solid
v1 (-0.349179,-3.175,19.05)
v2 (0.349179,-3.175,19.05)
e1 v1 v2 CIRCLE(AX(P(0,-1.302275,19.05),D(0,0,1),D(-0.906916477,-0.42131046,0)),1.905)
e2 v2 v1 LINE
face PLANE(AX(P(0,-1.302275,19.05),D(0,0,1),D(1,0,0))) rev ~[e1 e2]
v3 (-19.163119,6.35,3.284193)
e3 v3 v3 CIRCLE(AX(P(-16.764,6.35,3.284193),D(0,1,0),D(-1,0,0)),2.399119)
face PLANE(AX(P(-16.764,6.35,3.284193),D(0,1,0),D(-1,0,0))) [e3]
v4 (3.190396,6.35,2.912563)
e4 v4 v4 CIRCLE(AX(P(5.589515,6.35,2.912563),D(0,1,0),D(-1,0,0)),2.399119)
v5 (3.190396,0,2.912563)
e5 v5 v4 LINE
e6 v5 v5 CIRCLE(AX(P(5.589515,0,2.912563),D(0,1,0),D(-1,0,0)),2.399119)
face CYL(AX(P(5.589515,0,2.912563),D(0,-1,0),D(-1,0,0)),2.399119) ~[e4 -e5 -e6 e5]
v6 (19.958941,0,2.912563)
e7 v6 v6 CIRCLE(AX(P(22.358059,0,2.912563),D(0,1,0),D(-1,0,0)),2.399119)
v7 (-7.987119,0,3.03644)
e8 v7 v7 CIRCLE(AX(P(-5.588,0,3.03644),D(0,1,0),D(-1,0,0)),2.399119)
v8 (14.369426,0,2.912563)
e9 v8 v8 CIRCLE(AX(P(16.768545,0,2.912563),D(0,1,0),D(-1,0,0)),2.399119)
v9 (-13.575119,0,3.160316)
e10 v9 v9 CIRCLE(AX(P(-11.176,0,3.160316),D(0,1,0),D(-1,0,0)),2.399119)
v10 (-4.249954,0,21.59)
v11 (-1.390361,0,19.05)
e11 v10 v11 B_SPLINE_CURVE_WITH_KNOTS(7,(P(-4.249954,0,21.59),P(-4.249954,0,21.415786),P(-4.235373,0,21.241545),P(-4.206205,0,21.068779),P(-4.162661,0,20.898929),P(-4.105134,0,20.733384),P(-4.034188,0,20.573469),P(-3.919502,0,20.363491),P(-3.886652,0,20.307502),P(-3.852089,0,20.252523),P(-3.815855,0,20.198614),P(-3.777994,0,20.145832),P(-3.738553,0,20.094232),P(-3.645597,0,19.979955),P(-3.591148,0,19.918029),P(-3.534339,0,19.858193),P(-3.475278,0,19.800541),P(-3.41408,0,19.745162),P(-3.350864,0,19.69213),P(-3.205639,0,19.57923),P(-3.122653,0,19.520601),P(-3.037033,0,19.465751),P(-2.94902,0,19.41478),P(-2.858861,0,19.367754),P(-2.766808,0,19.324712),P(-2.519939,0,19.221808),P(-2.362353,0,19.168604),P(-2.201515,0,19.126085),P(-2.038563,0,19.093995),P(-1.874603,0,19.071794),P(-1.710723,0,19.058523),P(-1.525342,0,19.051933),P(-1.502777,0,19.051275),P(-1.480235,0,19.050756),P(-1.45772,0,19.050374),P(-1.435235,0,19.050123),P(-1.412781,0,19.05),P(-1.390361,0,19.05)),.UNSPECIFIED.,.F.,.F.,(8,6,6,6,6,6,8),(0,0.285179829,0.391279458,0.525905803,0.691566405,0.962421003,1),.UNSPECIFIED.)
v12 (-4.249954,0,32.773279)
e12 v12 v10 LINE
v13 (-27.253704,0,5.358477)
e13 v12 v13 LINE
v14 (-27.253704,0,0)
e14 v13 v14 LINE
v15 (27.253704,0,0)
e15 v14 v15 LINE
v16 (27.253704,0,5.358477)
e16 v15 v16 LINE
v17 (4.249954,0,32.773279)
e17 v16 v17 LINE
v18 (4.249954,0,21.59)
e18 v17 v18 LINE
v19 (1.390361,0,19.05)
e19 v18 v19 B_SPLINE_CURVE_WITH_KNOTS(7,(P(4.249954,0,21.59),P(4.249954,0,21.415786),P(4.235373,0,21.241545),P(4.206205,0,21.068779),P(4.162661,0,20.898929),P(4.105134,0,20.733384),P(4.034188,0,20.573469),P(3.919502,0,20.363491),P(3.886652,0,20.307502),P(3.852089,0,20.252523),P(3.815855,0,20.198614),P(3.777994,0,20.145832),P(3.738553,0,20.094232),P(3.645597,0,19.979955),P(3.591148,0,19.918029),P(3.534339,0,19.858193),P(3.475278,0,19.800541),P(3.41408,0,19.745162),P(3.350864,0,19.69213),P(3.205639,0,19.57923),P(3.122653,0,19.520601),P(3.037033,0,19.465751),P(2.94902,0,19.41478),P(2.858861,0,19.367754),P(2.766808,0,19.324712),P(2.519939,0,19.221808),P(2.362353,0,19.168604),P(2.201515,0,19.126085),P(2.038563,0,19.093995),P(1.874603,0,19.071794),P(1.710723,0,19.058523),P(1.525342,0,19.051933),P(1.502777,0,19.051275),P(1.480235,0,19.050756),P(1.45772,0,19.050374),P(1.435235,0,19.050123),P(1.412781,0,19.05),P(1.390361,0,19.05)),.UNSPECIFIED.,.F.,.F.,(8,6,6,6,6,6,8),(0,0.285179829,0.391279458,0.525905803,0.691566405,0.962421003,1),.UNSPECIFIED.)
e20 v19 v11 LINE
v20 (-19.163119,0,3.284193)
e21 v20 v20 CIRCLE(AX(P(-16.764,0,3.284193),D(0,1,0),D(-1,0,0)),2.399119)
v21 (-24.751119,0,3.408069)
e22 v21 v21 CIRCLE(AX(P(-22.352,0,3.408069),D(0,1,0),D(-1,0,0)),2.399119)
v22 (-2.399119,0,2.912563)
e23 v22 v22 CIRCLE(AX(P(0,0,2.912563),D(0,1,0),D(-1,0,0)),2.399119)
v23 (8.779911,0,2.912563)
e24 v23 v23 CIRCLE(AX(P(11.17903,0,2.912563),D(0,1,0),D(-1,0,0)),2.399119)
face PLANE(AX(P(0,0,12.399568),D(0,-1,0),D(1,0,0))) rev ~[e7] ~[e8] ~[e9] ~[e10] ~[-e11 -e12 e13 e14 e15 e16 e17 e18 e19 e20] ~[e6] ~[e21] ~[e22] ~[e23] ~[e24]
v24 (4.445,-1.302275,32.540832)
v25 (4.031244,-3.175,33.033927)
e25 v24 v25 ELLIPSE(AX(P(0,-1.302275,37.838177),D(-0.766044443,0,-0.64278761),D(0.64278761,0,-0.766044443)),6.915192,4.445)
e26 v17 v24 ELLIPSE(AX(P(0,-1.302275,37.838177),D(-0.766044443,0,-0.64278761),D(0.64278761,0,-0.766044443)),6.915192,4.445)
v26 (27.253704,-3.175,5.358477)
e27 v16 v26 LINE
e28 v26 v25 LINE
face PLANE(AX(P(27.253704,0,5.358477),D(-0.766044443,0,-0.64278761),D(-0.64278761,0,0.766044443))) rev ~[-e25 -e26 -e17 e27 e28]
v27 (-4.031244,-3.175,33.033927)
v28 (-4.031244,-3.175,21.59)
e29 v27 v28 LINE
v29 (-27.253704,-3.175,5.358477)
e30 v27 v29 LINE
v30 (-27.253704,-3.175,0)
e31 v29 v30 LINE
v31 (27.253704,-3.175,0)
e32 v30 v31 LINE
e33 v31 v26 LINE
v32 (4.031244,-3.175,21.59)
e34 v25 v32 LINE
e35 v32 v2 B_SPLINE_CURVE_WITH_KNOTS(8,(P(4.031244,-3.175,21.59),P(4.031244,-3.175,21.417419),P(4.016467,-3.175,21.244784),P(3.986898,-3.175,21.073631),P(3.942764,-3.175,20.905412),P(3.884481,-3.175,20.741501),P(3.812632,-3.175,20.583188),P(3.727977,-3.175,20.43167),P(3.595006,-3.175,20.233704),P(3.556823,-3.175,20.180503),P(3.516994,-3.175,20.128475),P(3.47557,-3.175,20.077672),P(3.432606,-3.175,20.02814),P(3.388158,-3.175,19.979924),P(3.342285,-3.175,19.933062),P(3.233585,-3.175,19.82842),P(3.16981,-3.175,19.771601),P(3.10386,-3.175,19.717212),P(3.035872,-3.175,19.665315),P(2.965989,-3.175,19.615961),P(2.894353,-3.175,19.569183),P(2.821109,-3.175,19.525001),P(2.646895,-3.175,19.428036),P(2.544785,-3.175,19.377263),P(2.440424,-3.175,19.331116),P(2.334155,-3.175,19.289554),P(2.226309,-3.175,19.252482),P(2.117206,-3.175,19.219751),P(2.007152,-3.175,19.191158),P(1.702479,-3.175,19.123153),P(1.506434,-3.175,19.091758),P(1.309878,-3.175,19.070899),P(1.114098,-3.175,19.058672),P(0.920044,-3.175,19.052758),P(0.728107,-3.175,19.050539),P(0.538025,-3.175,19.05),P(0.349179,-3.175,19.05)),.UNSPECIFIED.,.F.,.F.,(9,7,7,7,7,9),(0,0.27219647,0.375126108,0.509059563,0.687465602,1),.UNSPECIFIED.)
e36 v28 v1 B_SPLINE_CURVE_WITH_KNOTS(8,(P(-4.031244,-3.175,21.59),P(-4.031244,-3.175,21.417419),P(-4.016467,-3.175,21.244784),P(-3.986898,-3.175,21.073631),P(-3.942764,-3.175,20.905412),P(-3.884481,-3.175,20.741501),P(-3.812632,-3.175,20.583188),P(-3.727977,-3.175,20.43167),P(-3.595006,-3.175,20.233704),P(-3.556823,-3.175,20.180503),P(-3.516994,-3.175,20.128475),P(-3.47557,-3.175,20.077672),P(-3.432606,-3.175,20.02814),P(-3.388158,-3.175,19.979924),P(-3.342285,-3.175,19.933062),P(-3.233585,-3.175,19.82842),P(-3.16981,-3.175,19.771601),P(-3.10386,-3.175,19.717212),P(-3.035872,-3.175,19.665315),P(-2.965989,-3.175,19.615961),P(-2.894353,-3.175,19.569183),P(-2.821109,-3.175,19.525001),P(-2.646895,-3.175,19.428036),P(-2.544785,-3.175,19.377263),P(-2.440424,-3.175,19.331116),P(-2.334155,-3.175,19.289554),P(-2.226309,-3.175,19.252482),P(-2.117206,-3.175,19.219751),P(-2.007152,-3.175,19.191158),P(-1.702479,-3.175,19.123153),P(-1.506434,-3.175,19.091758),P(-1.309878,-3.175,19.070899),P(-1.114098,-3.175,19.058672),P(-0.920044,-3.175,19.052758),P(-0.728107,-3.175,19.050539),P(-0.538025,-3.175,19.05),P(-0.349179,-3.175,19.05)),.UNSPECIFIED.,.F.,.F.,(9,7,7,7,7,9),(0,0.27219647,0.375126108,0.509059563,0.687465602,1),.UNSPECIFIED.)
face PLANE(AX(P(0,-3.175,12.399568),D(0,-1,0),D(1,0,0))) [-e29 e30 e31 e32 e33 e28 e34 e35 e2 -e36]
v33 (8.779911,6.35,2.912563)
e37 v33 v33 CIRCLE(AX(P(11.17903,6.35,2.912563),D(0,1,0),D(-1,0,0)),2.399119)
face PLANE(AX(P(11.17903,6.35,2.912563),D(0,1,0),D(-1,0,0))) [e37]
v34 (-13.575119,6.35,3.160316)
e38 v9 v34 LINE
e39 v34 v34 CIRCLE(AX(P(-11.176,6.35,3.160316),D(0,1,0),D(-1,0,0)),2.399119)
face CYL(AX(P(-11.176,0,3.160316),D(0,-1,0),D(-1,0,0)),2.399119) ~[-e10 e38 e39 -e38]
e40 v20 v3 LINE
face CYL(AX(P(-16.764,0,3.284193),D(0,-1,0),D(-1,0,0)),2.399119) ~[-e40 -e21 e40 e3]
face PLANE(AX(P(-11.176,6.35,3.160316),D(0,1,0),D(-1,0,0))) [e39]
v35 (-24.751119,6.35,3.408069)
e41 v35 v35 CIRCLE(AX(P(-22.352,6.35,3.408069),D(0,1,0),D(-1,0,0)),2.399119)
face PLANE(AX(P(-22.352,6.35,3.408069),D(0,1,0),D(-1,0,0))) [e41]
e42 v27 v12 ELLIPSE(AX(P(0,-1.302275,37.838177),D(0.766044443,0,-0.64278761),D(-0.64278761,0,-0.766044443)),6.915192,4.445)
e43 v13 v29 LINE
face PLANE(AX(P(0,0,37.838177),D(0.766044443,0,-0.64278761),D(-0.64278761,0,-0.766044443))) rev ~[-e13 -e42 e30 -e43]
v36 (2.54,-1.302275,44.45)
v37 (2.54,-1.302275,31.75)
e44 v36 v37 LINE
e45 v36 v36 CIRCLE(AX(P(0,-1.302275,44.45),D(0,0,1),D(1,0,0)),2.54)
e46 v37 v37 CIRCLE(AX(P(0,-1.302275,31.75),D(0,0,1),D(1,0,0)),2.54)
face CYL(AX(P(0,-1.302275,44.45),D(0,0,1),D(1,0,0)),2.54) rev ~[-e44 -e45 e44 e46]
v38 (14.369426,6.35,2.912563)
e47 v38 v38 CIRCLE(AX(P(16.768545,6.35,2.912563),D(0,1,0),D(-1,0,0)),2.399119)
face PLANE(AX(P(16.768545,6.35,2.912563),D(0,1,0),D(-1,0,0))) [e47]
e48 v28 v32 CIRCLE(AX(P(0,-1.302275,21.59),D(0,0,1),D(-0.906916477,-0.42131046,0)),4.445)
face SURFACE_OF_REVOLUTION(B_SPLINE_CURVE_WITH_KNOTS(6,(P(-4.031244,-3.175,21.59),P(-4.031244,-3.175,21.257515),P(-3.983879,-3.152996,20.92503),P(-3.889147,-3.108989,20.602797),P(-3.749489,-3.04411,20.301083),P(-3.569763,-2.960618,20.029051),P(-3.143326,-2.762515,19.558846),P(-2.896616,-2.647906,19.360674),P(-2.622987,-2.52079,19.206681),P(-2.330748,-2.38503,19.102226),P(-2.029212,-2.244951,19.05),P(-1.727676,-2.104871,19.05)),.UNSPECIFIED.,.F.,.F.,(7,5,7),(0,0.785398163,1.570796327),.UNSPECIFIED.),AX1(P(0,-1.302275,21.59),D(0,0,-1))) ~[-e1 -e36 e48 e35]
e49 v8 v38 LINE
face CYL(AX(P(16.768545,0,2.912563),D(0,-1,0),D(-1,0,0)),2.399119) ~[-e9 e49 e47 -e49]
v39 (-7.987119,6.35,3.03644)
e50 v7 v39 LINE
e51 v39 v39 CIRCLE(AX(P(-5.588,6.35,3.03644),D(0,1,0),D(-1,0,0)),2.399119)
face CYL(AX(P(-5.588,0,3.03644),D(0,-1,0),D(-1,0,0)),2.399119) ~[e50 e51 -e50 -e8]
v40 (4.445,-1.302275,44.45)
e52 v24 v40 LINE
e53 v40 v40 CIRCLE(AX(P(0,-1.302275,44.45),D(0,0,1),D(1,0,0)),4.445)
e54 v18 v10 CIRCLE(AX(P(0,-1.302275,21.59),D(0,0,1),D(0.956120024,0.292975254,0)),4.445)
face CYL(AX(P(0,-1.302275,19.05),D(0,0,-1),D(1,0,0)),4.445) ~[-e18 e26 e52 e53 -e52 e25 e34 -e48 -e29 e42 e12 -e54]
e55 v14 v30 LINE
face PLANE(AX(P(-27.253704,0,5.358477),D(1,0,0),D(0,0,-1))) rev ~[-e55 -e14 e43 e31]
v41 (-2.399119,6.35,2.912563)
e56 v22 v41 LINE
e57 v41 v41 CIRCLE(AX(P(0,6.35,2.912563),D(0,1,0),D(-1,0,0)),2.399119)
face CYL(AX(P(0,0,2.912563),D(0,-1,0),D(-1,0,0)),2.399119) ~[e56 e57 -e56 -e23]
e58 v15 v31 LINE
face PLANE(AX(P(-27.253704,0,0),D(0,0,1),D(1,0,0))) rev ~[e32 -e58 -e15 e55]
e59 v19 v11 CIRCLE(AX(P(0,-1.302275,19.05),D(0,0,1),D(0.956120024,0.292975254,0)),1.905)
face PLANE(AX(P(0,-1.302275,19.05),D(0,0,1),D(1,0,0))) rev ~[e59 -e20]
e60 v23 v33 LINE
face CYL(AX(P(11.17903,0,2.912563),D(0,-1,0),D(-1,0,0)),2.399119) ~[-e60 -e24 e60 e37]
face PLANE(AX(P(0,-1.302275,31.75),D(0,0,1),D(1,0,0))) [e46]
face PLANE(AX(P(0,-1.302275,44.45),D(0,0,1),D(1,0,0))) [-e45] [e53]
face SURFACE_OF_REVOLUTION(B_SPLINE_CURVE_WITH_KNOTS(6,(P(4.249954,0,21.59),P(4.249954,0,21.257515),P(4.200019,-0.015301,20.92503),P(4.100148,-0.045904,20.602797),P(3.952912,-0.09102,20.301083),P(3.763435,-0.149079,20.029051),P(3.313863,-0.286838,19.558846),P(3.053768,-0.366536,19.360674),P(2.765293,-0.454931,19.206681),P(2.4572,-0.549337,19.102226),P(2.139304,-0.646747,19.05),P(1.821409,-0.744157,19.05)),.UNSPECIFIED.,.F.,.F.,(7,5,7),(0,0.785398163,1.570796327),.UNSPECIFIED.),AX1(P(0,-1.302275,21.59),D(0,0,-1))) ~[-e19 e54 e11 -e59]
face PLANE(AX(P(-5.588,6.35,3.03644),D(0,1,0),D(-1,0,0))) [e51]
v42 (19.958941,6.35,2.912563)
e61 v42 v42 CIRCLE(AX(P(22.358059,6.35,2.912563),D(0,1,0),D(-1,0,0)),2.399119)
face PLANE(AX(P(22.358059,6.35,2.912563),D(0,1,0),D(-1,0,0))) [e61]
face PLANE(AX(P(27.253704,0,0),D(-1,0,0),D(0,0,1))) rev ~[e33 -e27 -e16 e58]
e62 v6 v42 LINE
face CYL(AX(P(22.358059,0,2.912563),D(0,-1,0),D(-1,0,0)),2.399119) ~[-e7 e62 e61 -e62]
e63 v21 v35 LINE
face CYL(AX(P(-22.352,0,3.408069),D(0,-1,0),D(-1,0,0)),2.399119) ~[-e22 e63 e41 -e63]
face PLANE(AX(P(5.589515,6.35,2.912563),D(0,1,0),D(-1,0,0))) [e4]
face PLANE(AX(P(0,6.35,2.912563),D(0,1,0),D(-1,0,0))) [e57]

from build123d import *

# Parameters (mm, degrees)
F1_DEPTH  = 3.175
F2_R      = 2.3991188234
F3_DEPTH  = 6.35
F5_R      = 4.445
F6_DEPTH  = 25.4
F7_R      = 2.54
F8_R      = 2.54
F9_R      = 2.54
F10_DEPTH = 12.7


with BuildPart() as f1:
    # F0 (on Front) → F1 (new body)
    with BuildSketch(Plane.XZ):
        Polygon((27.2537042447, 5.3584766197), (0, 37.8381765649), (-27.2537042447, 5.3584766197), (-27.2537042447, 0), (27.2537042447, 0), align=None)
    extrude(amount=F1_DEPTH)

    # F2 (on face) → F3 (join)
    with BuildSketch(Plane(origin=(0, 0, 0), x_dir=(-1, 0, 0), z_dir=(0, 1, 0))):
        with Locations((16.764, 3.2841927184)):
            Circle(F2_R)
        with Locations((11.176, 3.1603162362)):
            Circle(F2_R)
        with Locations((5.588, 3.036439754)):
            Circle(F2_R)
        with Locations((22.352, 3.4080692006)):
            Circle(F2_R)
        with Locations((0, 2.9125632718)):
            Circle(F2_R)
        with Locations((-5.5895148385, 2.9125632718)):
            Circle(F2_R)
        with Locations((-11.179029677, 2.9125632718)):
            Circle(F2_R)
        with Locations((-22.358059354, 2.9125632718)):
            Circle(F2_R)
        with Locations((-16.7685445155, 2.9125632718)):
            Circle(F2_R)
    extrude(amount=F3_DEPTH)

    # F5 (on offset) → F6 (join)
    with BuildSketch(Plane.XY.offset(19.05)):
        with Locations((0, -1.302275006)):
            Circle(F5_R)
    extrude(amount=F6_DEPTH)

    # F7
    f7_edges = [f1.edges().sort_by_distance(p)[0] for p in [
        (0, 3.142725, 19.05),
    ]]
    fillet(f7_edges, radius=F7_R)

    # F8
    f8_edges = [f1.edges().sort_by_distance(p)[0] for p in [
        (0, -5.747275, 19.05),
    ]]
    fillet(f8_edges, radius=F8_R)

    # F9 (on face) → F10 (cut)
    with BuildSketch(Plane.XY.offset(44.45)):
        with Locations((0, -1.302275006)):
            Circle(F9_R)
    extrude(amount=-F10_DEPTH, mode=Mode.SUBTRACT)


solid = f1.part
